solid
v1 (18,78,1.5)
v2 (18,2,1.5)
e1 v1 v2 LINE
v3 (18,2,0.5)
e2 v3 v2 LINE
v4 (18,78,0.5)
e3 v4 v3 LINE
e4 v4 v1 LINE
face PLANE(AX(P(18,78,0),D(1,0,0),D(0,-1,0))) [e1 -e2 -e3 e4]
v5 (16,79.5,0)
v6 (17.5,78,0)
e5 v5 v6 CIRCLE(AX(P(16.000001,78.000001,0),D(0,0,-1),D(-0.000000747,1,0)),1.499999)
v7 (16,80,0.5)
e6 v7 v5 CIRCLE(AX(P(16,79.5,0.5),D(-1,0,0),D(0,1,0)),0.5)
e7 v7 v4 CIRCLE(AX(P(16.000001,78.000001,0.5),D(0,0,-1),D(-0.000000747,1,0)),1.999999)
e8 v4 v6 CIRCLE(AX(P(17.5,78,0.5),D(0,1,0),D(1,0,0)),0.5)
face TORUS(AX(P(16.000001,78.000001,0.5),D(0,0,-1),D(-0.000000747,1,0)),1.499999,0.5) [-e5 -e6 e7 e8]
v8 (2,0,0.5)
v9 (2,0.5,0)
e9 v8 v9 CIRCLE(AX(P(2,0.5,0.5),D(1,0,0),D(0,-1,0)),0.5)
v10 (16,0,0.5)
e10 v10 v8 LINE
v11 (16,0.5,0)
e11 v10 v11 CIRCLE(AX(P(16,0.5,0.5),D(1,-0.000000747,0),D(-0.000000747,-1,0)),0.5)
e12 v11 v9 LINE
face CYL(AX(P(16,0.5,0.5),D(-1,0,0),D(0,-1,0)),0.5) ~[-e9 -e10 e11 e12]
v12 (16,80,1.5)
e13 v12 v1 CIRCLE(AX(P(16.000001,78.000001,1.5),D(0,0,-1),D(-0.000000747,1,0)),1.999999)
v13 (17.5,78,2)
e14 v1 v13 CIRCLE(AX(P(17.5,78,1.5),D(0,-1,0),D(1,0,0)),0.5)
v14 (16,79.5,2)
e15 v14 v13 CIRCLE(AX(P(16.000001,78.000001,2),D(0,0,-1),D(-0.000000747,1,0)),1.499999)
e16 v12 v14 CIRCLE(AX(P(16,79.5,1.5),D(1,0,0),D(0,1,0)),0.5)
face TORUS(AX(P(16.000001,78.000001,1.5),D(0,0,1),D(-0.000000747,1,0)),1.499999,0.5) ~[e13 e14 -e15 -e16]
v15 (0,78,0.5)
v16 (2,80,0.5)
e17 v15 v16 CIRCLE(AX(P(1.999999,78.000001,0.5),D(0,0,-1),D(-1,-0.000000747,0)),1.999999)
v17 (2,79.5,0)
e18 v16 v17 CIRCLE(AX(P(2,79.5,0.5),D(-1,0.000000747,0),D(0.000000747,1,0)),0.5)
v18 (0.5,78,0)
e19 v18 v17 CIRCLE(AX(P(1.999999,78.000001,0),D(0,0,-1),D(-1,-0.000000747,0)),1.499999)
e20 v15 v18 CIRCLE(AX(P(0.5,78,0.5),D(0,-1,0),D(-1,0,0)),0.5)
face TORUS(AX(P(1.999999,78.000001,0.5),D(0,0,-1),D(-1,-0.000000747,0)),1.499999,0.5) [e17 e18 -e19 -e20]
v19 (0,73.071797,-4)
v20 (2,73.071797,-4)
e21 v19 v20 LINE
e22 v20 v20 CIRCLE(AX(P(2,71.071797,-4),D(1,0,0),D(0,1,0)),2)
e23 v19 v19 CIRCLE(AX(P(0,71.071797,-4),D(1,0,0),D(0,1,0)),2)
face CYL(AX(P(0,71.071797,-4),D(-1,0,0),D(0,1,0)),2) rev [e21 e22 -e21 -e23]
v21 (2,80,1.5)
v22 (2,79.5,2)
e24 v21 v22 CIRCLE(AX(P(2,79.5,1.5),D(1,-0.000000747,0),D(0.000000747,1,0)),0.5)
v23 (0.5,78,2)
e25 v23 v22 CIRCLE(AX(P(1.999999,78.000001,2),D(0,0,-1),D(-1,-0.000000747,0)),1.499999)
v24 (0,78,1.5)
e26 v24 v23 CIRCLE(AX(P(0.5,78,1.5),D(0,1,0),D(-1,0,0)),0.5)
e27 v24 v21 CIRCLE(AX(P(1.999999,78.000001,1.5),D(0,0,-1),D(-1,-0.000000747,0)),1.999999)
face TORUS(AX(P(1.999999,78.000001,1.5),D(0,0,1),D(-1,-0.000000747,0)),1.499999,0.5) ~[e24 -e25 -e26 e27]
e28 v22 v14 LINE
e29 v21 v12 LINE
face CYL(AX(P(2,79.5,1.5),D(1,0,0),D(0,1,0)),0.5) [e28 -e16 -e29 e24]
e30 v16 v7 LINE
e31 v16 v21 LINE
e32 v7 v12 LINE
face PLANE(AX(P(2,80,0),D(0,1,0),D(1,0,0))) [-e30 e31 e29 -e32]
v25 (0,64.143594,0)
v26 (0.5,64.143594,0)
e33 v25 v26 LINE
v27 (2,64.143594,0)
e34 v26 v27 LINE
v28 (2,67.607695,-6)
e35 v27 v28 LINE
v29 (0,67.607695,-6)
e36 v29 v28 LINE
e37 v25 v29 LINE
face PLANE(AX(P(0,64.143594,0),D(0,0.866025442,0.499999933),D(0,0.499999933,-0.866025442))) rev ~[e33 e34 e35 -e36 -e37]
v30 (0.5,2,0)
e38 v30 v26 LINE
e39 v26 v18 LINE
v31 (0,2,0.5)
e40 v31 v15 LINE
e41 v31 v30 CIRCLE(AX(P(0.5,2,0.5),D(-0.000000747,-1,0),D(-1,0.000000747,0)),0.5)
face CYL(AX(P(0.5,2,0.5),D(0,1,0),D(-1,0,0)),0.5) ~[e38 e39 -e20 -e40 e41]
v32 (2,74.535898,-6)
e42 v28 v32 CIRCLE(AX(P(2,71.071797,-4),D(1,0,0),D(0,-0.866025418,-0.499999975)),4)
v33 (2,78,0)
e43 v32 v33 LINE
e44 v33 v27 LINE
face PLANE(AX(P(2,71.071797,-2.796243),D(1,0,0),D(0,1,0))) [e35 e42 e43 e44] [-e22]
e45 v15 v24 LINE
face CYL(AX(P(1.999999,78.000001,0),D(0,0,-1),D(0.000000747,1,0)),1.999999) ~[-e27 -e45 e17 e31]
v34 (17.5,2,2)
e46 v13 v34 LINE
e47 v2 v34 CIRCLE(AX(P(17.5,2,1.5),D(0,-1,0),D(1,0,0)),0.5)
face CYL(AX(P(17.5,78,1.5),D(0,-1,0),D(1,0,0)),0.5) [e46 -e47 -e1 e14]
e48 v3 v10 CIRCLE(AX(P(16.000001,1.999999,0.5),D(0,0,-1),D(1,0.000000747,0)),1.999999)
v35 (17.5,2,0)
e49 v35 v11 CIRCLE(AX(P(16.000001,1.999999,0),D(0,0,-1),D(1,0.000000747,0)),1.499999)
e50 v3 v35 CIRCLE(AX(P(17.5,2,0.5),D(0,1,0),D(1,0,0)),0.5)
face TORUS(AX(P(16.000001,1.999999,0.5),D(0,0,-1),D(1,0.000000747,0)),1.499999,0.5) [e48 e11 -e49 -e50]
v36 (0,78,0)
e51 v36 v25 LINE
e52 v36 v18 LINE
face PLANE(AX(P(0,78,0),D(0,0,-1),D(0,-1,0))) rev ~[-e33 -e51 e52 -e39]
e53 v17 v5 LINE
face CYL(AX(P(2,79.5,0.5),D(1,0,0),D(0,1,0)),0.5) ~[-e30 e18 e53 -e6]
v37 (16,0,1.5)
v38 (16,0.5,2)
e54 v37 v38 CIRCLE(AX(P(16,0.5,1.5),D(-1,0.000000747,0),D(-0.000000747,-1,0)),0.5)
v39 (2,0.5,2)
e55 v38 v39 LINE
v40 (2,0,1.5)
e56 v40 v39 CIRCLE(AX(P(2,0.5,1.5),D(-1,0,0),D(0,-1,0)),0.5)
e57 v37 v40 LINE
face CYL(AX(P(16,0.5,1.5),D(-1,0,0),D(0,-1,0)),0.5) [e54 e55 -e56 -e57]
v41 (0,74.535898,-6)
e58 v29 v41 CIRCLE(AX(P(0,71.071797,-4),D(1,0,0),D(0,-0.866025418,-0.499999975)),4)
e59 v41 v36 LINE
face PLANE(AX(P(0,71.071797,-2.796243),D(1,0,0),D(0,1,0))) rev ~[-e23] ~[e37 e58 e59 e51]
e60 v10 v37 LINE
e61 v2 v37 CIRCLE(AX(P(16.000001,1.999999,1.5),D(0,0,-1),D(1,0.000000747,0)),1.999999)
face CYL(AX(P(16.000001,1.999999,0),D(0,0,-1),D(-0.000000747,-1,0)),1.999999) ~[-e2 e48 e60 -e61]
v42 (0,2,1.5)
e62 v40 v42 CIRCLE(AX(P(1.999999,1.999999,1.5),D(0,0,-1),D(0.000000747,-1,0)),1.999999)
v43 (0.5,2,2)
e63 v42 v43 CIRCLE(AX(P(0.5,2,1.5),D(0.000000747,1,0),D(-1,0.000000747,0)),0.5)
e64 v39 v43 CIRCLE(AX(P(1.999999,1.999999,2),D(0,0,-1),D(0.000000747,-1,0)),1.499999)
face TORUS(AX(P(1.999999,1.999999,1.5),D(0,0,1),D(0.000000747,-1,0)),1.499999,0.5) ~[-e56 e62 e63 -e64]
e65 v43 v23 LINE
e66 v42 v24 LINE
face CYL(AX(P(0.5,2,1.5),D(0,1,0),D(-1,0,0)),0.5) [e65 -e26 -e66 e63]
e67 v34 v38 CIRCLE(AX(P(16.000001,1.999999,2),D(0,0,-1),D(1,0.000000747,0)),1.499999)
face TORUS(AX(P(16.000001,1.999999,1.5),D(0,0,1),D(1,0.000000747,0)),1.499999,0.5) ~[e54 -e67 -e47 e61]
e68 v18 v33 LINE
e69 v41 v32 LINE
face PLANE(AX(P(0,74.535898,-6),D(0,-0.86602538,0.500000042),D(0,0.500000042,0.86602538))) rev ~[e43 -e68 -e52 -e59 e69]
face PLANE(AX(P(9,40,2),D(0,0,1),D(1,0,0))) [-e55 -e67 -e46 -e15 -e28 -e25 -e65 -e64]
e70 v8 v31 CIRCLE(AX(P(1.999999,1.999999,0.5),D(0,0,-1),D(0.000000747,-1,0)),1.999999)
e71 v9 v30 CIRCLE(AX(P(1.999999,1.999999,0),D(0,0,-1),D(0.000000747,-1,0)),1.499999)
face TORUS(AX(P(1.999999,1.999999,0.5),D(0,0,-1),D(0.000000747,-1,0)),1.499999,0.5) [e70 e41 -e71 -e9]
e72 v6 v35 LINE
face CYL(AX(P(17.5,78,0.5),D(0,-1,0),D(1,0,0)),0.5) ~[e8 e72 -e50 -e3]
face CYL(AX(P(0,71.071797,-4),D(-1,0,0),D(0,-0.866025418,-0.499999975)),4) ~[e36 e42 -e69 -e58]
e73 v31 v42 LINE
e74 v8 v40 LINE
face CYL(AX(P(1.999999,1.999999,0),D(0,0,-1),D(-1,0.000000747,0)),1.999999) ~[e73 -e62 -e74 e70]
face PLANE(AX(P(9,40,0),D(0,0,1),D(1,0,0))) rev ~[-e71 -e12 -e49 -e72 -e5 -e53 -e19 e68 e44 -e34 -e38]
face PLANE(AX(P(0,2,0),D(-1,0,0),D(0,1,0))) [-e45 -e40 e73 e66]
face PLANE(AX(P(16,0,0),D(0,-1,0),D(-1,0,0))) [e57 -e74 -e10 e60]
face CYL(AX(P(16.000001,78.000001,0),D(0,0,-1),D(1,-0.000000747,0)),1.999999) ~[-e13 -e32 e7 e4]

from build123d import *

# Parameters (mm, degrees)
PAD_DEPTH    = 2
FILLET_R     = 0.5
SKETCH001_R  = 2
PAD001_DEPTH = 2


with BuildPart() as part:
    # Sketch → Pad (new body)
    with BuildSketch(Plane.XY):
        with BuildLine():
            ThreePointArc((0, 2), (0.585786, 0.585786), (2, 0))
            Line((16, 0), (2, 0))
            ThreePointArc((16, 0), (17.414214, 0.585786), (18, 2))
            Line((18, 78), (18, 2))
            ThreePointArc((18, 78), (17.414214, 79.414214), (16, 80))
            Line((2, 80), (16, 80))
            ThreePointArc((2, 80), (0.585786, 79.414214), (0, 78))
            Line((0, 2), (0, 78))
        make_face()
    extrude(amount=PAD_DEPTH)

    # Fillet
    fillet_edges = [part.edges().sort_by_distance(p)[0] for p in [
        (18, 78, 1),
        (18, 2, 1),
        (18, 40, 0),
        (18, 40, 2),
    ]]
    fillet(fillet_edges, radius=FILLET_R)

    # Sketch001 → Pad001 (join)
    with BuildSketch(Plane.YZ):
        with BuildLine():
            Line((78, 0), (64.143594, 0))
            Line((64.143594, 0), (67.607695, -6))
            ThreePointArc((67.607695, -6), (71.071797, -8), (74.535898, -6))
            Line((74.535898, -6), (78, 0))
        make_face()
        with Locations((71.071797, -4)):
            Circle(SKETCH001_R, mode=Mode.SUBTRACT)
    extrude(amount=PAD001_DEPTH)


solid = part.part
